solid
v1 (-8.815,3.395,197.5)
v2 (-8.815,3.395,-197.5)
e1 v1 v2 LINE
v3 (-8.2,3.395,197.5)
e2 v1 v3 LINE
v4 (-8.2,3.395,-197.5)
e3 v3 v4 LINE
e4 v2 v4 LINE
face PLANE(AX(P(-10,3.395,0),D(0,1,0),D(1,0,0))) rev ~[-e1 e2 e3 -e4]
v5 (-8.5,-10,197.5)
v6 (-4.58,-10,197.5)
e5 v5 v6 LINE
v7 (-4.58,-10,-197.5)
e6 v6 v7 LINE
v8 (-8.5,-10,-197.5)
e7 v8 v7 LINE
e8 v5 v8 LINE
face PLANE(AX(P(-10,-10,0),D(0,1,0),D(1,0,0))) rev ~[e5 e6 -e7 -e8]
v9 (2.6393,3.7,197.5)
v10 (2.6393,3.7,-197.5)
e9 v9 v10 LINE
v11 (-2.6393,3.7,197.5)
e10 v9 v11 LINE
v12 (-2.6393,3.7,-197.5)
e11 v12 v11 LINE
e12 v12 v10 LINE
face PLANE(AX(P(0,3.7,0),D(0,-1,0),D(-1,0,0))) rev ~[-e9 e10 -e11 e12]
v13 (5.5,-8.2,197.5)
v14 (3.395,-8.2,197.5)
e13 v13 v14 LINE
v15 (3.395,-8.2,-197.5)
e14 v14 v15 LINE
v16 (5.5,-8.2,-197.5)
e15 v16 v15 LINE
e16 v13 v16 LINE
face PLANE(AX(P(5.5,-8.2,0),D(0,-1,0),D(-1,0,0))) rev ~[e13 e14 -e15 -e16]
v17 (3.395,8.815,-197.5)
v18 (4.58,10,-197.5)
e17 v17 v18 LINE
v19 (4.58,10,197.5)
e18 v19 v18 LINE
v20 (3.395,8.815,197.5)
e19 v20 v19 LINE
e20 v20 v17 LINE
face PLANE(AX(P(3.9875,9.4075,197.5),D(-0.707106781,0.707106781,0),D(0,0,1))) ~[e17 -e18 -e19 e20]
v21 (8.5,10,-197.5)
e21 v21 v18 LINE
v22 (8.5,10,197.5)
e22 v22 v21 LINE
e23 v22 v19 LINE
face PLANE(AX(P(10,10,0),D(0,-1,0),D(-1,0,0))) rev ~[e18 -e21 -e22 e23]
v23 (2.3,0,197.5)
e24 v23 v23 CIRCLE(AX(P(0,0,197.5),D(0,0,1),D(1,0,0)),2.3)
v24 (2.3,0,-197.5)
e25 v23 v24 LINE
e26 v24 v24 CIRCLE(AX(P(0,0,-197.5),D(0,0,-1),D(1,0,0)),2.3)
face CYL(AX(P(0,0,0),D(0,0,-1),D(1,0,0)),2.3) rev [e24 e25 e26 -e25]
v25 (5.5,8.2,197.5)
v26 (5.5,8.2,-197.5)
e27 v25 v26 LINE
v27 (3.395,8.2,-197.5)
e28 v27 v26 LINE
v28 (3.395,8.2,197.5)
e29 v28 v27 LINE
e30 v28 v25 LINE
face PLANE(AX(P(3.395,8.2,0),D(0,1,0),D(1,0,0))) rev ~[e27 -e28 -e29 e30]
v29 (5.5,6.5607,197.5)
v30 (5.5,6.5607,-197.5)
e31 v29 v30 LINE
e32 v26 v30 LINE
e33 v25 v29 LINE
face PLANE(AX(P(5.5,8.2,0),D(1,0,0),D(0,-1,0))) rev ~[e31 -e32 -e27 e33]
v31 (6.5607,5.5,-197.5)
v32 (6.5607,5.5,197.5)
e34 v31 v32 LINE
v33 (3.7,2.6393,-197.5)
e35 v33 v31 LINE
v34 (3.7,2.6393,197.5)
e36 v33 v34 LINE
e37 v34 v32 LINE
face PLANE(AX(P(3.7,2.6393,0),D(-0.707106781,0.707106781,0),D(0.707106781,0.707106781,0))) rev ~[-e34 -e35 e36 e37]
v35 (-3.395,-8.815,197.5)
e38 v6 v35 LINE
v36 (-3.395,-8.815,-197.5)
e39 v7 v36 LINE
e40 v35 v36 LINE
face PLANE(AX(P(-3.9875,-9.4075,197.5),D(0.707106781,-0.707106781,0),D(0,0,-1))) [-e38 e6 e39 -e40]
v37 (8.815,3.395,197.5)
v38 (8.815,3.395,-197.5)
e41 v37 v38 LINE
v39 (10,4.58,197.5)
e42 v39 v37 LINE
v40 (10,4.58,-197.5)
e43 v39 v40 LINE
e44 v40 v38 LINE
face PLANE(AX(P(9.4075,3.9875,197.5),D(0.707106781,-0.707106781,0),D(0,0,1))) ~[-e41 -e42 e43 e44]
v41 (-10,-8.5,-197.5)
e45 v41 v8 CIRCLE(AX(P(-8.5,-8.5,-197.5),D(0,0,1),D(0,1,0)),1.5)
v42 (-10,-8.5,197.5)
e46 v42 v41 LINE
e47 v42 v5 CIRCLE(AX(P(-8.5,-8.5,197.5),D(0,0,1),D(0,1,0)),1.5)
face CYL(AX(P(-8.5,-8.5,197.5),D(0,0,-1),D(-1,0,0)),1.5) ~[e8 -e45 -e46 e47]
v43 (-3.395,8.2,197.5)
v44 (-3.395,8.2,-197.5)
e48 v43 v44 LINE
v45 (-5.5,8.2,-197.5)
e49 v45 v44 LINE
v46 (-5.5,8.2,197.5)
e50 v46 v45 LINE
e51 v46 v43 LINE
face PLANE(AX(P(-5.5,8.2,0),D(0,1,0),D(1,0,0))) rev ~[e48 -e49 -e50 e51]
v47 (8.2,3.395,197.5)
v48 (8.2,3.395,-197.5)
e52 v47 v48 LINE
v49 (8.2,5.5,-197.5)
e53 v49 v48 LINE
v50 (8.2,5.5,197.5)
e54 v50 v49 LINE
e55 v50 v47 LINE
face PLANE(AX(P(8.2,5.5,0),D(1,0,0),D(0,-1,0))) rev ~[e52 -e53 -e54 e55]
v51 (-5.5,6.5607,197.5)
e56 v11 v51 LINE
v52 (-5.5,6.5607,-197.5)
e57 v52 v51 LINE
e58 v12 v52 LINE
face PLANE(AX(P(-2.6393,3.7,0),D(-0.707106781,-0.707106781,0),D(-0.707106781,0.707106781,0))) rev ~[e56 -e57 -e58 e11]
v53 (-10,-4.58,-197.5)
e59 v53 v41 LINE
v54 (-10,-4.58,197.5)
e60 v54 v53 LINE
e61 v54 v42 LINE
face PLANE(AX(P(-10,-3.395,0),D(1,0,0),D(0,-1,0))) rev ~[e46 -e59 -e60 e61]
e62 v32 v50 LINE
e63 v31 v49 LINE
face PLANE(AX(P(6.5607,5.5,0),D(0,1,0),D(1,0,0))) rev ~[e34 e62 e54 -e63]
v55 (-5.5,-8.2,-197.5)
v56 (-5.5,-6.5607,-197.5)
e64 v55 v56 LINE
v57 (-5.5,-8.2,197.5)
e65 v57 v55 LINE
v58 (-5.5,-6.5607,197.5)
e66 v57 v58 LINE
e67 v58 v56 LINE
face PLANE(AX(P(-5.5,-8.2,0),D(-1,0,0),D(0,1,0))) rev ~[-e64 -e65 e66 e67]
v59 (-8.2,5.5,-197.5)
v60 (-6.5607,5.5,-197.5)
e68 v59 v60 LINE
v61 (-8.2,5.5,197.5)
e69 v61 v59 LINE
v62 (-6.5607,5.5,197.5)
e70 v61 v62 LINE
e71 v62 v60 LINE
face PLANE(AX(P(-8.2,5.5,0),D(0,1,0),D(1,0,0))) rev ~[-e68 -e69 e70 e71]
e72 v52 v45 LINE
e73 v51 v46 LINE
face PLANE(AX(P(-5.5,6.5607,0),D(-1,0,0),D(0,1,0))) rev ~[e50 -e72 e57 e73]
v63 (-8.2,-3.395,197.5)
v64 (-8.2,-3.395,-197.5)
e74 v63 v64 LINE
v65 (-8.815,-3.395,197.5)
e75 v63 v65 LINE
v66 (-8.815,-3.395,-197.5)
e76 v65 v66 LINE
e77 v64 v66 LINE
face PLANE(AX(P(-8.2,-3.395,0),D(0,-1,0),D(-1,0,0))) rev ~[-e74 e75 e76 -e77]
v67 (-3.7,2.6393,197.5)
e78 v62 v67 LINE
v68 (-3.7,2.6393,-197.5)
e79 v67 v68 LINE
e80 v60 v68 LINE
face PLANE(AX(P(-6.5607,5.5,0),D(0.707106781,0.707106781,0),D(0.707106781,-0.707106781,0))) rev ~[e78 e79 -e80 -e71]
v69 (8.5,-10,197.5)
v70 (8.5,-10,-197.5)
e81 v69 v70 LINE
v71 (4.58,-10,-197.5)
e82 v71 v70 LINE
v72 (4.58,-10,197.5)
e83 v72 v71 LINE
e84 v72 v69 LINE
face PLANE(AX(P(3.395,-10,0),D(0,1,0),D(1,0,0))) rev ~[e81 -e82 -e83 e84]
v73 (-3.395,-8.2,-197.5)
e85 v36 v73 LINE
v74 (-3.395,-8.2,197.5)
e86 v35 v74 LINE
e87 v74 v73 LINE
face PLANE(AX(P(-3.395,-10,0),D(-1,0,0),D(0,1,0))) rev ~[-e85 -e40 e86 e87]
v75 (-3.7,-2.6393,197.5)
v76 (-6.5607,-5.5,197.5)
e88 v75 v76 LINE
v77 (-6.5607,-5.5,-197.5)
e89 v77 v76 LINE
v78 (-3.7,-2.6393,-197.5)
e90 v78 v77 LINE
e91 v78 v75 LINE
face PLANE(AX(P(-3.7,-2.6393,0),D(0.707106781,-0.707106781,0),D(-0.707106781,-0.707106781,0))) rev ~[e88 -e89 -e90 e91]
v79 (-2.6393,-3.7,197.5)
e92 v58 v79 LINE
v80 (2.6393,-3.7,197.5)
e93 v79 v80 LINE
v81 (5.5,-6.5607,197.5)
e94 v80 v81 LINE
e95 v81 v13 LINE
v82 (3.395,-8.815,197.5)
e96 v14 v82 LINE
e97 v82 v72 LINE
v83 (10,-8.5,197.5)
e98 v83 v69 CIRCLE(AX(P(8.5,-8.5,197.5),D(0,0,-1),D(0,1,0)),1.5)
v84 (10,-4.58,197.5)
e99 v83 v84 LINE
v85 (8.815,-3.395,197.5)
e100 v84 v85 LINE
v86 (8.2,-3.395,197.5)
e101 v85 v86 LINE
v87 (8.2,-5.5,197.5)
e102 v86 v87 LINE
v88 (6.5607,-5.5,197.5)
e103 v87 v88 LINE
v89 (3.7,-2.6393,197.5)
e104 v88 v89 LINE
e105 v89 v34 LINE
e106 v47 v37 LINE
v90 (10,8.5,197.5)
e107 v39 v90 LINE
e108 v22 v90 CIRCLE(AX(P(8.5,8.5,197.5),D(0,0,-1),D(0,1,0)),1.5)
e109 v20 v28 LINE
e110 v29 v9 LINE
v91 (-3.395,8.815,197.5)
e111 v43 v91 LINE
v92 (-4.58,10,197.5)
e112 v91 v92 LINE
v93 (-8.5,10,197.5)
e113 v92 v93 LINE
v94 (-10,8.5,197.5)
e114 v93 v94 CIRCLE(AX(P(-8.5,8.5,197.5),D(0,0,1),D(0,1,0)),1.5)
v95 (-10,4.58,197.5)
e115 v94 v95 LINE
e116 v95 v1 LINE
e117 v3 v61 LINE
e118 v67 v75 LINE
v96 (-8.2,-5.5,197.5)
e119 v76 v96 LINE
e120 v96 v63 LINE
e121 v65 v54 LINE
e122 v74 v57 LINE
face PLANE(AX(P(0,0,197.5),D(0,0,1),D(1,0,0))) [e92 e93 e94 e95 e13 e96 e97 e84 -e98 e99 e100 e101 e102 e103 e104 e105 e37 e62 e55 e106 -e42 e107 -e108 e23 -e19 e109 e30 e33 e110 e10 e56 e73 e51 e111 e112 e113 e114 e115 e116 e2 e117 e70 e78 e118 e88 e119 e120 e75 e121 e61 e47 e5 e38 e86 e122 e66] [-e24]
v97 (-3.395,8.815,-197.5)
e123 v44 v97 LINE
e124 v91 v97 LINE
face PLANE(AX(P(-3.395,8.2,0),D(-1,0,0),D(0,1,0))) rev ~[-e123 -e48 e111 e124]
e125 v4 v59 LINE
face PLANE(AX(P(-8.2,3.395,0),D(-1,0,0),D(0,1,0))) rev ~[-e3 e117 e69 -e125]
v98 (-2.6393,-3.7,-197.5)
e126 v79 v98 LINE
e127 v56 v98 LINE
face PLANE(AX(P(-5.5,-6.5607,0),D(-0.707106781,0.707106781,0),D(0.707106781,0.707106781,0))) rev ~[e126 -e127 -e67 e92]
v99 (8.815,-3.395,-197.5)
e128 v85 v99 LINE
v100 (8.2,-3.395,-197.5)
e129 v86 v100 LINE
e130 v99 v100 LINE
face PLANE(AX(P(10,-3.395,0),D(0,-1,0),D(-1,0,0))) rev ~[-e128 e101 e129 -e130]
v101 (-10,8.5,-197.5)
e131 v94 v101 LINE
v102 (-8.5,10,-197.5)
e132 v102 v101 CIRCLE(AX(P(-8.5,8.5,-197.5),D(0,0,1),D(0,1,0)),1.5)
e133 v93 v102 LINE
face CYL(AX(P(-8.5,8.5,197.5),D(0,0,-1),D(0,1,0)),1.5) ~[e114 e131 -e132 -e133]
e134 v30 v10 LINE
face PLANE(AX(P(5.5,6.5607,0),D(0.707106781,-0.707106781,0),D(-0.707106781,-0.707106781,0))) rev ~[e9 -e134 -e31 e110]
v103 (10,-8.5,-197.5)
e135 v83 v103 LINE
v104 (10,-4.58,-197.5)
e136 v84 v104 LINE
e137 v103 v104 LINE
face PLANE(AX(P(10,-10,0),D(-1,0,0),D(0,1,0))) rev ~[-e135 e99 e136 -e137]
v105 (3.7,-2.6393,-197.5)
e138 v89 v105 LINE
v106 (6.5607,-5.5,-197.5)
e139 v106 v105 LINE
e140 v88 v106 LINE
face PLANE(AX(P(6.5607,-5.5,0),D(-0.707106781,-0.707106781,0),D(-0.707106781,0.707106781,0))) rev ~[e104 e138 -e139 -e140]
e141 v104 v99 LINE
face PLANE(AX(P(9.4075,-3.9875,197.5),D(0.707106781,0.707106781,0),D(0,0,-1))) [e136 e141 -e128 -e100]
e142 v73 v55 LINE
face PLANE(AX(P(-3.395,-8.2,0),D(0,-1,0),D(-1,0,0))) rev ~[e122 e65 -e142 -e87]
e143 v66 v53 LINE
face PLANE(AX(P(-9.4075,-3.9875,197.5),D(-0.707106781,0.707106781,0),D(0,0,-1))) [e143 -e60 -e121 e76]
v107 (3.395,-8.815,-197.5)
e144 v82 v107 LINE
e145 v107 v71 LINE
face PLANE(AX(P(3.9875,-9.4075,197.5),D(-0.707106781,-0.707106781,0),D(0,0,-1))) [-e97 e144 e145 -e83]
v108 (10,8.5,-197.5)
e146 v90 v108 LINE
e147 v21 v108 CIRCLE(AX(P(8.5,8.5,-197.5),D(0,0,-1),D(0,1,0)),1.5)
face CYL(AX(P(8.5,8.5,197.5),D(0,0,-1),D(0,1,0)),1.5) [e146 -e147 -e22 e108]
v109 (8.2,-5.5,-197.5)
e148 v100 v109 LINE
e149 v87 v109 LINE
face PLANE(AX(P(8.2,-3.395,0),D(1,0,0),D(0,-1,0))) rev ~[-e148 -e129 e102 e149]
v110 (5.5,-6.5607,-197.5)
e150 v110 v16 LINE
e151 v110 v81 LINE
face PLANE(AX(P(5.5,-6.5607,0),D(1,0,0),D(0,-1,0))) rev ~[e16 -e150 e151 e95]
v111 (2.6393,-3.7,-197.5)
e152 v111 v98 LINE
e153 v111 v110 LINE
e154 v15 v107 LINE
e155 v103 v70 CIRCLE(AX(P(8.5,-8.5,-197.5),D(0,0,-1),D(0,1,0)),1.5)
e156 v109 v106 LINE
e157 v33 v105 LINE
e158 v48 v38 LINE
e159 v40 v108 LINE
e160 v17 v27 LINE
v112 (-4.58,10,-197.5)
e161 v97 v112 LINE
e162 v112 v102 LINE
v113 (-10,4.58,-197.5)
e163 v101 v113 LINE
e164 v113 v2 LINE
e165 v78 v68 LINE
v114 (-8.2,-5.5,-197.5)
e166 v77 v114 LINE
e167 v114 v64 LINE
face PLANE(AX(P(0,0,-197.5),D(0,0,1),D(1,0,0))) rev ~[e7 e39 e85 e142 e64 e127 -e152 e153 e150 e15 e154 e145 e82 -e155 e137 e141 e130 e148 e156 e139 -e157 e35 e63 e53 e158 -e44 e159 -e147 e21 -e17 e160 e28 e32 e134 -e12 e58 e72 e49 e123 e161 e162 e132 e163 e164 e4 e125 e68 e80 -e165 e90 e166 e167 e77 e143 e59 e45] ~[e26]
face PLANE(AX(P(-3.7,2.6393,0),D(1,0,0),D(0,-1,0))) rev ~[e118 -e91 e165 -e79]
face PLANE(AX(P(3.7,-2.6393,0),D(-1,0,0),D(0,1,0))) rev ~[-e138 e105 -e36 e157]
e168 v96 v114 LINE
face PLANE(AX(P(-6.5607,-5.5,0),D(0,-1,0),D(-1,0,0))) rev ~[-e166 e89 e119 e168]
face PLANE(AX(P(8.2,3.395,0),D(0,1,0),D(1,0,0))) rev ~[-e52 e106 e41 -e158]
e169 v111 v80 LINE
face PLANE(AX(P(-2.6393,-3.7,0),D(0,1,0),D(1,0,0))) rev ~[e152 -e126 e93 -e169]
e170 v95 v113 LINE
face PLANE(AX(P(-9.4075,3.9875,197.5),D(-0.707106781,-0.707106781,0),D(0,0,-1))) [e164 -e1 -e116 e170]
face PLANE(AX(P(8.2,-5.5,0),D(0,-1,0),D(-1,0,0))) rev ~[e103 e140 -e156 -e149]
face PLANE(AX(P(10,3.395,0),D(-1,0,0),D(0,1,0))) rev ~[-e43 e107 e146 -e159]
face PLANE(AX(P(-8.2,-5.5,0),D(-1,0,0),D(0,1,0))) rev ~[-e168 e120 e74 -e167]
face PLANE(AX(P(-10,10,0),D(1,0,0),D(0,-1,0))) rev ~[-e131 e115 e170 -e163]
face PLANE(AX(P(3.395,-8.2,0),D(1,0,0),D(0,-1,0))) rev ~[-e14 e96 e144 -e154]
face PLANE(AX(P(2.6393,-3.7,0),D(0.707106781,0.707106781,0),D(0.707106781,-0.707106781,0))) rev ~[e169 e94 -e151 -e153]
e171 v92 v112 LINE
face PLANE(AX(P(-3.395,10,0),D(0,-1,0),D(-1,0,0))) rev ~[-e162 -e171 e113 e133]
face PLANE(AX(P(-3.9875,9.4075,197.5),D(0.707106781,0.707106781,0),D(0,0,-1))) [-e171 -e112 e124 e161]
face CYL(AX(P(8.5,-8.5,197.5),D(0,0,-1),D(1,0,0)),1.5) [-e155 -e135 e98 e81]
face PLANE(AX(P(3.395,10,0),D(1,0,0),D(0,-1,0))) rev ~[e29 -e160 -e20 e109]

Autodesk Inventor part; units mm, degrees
ref_plane "YZ Plane" through (0, 0, 0) normal (1, 0, 0) x (0, 1, 0)
ref_plane "XZ Plane" through (0, 0, 0) normal (0, 1, 0) x (-1, 0, 0)
ref_plane "XY Plane" through (0, 0, 0) normal (0, 0, 1) x (1, 0, 0)
sketch "Sketch1" plane through (0, 0, 0) normal (0, 0, 1) x (1, 0, 0)
  line L0 (0, 3.7) -> (-2.6393, 3.7)
  line L1 (-2.6393, 3.7) -> (-5.5, 6.5607)
  line L2 (-5.5, 6.5607) -> (-5.5, 8.2)
  line L3 (-5.5, 8.2) -> (-3.395, 8.2)
  line L4 (-3.395, 8.2) -> (-3.395, 10)
  line L5 (-3.395, 10) -> (-10, 10)
  line L6 (-10, 10) -> (-10, 3.395)
  line L7 (-10, 3.395) -> (-8.2, 3.395)
  line L8 (-8.2, 3.395) -> (-8.2, 5.5)
  line L9 (-8.2, 5.5) -> (-6.5607, 5.5)
  line L10 (-6.5607, 5.5) -> (-3.7, 2.6393)
  line L11 (-3.7, 2.6393) -> (-3.7, 0)
  line L12 (0, 0) -> (-10, 10) construction
  circle A0 centre (0, 0) radius 2.3
  line L13 (-22.6601, 0) -> (65.9605, 0) projected
  line L14 (-3.7, 0) -> (0, 0)
  line L15 (0, 0) -> (0, 3.7)
  line L16 (11.2521, 18.9743) -> (53.3004, 18.9743) construction
  line L17 (53.3004, 18.9743) -> (53.3004, -5.624) construction
  line L18 (53.3004, -5.624) -> (11.2521, -5.624) construction
  line L19 (11.2521, -5.624) -> (11.2521, 18.9743) construction
  point P0 (-2.3, 0)
  point P1 (0, 2.3)
  dimension "d0" = 1.5
  dimension "d6" = 6.3
  dimension "d9" = 4.6
  dimension "d18" = 135
  dimension "d22" = 20
  dimension "d34" = 11
  dimension "d35" = 6.79
  dimension "d36" = 1.8
extrude "Extrusion1" add sketch "Sketch1" along normal mid plane 395 contours L15 A0 L13 L11 L10 L9 L8 L7 L6 L5 L4 L3 L2 L1 L0
pattern_circular "Circular Pattern1" count 4 over 360 about axis through (0, 0, -10) along (0, 0, 1) of "Extrusion1"
chamfer "Chamfer1" distance 1.185 angle 45 8 edges at (-3.395, 10, 0) (3.395, 10, 0) (10, 3.395, 0) (10, -3.395, 0) (3.395, -10, 0) (-3.395, -10, 0) (-10, -3.395, 0) (-10, 3.395, 0)
fillet "Fillet1" radius 1.5 4 edges at (-10, 10, 0) (10, 10, 0) (-10, -10, 0) (10, -10, 0)
equation "\"d24\" = WorkspaceLength"
equation "\"GridProcutClearance\" = 3"
equation "\"GridBorderThickness\" = 5"
equation "\"GridBorderFillets\" = 7"
equation "\"GridTotalSize\" = 63"
equation "\"BaseTotalWidth\" = 412"
equation "\"BaseTotalLength\" = 624"
equation "\"DistanceBetweenGrid\" = 5"
equation "\"WorkspaceLength\" = 395"
equation "\"WorkspaceWidth\" = 332"
equation "\"AxesBaseFillet\" = 15"
equation "\"Zaxis\" = 127"
properties part number "2020aluminum_extrusion_black" material "Aluminum 6061"
